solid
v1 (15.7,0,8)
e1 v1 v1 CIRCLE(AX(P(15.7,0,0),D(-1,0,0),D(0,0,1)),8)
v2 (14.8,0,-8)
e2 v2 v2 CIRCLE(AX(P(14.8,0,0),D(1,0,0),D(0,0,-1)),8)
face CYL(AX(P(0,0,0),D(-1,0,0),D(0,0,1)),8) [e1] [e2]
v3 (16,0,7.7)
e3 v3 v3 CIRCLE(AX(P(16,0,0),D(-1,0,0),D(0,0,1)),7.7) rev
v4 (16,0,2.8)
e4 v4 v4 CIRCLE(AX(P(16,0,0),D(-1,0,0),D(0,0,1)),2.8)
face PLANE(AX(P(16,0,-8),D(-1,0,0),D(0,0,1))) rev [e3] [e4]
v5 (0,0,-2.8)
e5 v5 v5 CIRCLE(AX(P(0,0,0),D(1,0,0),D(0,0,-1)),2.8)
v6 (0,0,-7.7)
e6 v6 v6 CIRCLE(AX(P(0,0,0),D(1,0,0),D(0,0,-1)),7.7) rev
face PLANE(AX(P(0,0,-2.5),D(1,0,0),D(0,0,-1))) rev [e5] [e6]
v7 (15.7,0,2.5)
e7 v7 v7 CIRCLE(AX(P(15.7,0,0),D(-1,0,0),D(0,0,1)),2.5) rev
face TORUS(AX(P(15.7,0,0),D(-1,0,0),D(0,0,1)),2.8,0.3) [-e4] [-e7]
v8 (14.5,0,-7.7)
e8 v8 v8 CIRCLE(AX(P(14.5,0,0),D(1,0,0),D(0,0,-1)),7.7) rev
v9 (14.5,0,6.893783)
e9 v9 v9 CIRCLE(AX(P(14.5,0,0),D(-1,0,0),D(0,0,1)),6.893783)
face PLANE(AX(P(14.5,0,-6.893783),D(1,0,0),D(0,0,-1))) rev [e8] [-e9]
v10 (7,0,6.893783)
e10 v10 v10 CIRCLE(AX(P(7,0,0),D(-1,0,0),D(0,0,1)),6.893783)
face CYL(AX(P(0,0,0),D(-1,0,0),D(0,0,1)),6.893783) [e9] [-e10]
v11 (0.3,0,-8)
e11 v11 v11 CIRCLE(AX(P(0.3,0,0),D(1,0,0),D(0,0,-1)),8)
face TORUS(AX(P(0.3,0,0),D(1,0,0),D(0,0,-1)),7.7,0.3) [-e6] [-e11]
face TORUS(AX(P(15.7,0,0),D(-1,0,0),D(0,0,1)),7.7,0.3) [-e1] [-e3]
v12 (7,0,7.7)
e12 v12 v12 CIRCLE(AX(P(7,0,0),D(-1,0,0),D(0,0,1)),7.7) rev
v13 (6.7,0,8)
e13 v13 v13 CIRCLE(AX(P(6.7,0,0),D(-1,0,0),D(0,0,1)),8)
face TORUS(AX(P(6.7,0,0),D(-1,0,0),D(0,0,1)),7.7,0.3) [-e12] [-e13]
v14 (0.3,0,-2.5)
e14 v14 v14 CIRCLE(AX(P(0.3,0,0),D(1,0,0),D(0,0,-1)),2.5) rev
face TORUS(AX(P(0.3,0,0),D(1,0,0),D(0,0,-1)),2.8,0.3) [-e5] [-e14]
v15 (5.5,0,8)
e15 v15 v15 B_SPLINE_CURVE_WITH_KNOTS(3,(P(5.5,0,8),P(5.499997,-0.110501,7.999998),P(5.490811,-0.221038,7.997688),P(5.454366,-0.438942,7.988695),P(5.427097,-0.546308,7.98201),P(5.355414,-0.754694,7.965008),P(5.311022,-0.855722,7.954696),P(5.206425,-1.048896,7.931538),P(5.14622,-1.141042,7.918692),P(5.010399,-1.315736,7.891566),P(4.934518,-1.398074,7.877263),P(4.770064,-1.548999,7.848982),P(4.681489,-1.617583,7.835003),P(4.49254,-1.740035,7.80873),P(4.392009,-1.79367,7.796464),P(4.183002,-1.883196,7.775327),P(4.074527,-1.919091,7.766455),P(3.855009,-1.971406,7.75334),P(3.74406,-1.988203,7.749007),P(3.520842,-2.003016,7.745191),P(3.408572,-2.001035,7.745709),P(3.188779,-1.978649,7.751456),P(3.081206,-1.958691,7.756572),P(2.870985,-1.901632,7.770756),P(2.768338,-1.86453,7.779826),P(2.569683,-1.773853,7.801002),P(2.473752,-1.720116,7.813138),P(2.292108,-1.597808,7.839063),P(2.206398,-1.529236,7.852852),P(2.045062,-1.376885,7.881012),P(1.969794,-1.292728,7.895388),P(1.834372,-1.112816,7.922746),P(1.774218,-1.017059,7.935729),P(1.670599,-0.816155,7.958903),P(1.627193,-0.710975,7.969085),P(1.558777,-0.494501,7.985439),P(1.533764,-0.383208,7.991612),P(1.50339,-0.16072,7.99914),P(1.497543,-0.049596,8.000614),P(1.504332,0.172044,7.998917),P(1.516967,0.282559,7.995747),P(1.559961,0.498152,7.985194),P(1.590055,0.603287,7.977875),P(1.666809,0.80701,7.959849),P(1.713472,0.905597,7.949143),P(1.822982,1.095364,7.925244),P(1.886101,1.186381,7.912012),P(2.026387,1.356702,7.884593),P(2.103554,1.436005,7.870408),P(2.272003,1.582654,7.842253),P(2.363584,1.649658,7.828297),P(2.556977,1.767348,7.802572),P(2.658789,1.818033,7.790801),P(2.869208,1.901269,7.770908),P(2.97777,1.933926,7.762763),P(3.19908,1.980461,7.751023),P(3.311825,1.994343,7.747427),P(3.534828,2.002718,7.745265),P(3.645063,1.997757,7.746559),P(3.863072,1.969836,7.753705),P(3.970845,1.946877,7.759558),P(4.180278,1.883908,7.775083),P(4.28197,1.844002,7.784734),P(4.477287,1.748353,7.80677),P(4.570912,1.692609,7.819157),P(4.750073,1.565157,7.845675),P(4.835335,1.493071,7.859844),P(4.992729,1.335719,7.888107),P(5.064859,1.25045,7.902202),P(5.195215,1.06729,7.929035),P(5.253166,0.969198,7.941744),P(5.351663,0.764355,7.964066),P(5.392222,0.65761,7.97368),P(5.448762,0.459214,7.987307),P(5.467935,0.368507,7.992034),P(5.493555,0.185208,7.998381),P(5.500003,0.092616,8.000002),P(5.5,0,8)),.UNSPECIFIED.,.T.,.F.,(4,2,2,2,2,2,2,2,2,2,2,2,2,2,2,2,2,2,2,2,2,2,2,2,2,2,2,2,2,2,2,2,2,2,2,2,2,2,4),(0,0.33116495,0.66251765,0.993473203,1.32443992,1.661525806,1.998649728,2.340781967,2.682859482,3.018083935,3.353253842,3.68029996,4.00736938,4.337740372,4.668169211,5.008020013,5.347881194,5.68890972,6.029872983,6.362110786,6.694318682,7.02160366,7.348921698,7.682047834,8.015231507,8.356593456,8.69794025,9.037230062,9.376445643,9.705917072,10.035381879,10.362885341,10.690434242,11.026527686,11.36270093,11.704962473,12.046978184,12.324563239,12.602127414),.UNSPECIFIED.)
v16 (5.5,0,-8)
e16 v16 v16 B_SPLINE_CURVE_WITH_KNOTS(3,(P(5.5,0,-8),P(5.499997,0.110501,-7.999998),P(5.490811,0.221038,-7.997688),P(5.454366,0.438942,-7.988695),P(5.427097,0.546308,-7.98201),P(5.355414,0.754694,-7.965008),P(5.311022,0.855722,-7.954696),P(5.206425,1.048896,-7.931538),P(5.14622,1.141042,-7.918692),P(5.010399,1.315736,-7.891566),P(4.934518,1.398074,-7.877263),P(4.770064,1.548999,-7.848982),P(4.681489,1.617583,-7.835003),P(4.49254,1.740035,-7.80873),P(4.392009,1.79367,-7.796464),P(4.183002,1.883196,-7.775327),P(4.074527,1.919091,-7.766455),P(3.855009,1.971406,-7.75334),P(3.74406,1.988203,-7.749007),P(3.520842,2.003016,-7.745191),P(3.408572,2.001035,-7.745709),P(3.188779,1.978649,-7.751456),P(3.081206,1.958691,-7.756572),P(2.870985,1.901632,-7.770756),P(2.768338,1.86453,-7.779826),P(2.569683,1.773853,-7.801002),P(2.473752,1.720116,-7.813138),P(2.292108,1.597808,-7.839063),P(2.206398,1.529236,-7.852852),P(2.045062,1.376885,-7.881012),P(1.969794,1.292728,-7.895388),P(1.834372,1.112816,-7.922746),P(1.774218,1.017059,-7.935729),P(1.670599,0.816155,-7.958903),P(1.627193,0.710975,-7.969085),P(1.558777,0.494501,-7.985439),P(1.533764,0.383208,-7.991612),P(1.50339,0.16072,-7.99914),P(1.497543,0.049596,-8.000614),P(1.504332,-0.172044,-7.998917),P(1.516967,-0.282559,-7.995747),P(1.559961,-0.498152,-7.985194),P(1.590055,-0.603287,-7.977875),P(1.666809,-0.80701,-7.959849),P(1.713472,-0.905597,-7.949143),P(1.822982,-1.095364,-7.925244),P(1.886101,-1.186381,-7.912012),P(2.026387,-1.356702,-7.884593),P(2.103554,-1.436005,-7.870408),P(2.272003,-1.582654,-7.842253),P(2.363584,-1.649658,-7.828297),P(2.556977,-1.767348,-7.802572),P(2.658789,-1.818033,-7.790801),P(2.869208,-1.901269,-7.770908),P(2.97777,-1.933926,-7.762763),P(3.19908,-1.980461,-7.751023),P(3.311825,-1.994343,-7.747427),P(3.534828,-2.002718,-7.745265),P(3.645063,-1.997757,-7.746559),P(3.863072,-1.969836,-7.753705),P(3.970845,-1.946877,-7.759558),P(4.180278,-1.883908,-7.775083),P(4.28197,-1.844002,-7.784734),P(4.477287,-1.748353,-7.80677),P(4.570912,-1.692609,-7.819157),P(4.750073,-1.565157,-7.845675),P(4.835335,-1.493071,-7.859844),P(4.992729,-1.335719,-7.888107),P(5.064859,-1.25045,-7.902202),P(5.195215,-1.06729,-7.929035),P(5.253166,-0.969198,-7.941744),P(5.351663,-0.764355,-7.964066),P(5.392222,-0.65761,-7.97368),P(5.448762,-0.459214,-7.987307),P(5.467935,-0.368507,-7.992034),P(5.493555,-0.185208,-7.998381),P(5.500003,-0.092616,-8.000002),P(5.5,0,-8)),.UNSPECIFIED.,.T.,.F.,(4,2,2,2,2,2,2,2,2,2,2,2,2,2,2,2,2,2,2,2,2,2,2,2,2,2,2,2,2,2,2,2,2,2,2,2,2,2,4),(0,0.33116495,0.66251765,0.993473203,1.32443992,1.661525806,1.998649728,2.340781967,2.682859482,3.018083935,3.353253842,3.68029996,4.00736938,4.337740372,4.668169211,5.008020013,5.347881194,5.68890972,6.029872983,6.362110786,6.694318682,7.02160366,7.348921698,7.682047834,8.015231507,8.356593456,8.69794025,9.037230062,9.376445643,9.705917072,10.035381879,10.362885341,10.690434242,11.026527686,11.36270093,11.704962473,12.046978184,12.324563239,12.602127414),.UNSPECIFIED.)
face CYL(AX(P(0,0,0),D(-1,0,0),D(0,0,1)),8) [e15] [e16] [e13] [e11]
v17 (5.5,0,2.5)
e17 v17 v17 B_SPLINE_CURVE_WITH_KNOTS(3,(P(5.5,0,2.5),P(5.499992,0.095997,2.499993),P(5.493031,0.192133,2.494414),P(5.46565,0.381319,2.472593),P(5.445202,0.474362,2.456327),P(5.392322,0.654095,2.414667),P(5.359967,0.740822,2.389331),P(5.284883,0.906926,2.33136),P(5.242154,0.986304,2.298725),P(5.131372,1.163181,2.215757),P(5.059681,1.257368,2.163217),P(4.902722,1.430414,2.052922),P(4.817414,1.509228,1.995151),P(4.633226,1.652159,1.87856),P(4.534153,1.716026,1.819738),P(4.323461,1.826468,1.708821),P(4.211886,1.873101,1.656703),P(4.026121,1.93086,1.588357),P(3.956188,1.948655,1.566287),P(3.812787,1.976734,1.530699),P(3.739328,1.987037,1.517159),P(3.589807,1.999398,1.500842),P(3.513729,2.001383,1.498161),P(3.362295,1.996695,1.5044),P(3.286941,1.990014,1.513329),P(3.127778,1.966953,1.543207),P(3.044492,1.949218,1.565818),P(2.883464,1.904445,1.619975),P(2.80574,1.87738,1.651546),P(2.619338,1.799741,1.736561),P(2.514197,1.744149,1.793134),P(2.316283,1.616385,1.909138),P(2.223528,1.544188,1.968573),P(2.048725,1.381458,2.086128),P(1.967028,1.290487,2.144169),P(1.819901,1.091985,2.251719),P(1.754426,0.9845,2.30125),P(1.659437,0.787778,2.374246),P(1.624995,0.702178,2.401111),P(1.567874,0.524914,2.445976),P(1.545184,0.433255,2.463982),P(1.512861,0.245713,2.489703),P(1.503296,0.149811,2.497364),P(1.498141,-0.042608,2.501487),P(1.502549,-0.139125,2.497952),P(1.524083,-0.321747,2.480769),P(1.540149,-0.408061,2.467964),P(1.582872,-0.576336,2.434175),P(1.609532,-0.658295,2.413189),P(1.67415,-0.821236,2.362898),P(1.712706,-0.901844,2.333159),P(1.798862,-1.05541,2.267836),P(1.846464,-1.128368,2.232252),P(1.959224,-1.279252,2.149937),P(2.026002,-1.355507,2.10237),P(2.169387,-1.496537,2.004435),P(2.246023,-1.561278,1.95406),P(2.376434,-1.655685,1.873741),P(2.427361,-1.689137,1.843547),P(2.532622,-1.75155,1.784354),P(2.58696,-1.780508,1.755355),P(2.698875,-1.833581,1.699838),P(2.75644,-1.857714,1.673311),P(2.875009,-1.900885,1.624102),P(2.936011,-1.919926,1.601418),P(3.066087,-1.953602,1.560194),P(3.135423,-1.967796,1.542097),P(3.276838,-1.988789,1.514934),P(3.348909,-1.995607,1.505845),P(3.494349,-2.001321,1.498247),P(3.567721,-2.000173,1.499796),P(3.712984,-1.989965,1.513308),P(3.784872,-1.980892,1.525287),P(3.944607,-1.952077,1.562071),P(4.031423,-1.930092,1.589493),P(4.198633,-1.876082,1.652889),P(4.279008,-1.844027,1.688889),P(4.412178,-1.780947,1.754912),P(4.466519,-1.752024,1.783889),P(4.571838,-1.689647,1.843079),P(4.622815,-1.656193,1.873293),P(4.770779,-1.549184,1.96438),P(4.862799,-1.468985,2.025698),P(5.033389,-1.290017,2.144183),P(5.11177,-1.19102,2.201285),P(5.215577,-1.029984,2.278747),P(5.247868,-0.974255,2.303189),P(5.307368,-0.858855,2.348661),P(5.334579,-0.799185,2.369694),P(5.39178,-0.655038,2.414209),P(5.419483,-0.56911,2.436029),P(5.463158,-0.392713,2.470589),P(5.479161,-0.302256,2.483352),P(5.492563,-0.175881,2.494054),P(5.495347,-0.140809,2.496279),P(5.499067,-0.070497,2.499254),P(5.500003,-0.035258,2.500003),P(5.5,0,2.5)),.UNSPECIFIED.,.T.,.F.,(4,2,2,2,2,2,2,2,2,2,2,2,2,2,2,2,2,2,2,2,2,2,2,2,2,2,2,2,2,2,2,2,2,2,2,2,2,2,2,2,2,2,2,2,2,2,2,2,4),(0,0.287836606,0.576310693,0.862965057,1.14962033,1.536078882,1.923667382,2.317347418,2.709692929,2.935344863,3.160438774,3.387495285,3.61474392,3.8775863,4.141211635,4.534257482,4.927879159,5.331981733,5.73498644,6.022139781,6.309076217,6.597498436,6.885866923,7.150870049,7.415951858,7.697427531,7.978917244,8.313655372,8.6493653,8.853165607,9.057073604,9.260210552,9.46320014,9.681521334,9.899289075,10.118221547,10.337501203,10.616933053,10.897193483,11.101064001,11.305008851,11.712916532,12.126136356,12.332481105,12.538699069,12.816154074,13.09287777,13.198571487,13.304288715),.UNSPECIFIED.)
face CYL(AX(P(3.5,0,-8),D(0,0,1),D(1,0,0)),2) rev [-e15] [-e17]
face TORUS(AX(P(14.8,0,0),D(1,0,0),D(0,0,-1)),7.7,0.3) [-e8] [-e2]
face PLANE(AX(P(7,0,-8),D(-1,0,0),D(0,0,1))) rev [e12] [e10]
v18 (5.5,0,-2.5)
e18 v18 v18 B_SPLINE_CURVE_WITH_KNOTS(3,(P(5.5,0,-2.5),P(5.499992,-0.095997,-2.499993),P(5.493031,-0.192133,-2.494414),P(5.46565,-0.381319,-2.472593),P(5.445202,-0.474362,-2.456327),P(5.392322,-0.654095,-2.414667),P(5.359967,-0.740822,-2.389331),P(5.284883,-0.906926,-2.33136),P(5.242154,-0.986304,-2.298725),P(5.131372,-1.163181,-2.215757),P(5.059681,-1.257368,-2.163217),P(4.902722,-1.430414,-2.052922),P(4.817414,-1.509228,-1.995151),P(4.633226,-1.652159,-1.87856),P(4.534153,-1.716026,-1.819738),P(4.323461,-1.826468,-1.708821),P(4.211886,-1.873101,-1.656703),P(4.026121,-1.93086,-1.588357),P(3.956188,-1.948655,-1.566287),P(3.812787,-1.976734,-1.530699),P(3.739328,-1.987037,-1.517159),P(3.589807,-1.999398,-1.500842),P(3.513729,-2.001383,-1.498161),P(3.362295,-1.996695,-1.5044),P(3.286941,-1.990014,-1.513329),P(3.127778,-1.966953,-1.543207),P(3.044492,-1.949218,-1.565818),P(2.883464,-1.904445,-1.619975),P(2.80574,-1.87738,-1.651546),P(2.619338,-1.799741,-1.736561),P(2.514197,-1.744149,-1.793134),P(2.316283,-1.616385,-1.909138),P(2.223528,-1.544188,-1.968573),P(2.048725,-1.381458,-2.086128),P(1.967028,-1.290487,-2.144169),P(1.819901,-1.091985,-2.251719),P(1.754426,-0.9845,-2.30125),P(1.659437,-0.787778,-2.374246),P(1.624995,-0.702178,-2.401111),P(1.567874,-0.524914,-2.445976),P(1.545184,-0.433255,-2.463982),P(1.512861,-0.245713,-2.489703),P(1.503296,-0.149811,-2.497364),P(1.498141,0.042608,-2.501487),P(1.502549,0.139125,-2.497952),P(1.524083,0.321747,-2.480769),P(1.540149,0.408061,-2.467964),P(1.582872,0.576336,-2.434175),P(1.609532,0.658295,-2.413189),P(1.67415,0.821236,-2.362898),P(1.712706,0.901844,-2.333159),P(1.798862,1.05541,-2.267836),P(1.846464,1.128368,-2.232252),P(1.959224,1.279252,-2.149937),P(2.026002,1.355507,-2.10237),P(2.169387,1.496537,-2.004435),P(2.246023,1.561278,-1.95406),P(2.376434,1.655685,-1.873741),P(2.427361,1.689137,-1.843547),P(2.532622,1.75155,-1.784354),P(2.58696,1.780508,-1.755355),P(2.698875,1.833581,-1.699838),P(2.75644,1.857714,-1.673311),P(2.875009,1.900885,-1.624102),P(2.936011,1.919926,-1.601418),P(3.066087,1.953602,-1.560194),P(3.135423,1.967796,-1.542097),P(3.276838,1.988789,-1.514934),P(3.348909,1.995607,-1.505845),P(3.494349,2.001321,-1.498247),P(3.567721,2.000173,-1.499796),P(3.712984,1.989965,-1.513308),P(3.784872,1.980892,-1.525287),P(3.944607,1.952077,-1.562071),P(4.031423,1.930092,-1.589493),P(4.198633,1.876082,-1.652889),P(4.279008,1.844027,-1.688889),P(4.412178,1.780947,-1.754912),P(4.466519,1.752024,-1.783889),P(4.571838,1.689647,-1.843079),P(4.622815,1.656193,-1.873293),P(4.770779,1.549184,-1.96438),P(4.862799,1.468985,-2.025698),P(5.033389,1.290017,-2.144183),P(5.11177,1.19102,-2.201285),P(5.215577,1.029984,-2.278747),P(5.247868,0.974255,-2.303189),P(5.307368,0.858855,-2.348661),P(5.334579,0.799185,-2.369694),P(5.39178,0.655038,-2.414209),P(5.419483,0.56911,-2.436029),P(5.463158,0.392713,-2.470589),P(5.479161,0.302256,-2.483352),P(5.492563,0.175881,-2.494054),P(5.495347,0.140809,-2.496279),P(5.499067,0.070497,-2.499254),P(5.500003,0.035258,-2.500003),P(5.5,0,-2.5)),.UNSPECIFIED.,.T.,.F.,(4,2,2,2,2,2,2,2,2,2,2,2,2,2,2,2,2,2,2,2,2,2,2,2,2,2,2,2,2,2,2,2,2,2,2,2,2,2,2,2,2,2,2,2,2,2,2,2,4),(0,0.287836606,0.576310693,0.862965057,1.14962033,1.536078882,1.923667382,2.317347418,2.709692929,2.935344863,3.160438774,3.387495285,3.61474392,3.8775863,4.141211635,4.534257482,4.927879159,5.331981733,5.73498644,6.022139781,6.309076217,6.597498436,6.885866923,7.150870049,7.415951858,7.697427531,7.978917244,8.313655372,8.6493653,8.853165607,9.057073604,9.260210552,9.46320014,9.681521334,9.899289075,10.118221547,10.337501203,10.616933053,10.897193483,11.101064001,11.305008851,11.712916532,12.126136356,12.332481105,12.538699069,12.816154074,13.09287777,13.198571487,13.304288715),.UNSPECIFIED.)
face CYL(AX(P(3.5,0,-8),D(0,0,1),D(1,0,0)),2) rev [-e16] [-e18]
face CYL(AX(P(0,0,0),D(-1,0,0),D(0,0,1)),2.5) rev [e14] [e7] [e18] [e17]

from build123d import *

# Parameters (mm, degrees)
FILLET1_R               = 0.3
SKETCH2_R               = 2
CUT_EXTRUDE1_DEPTH      = 9.0000001
CUT_EXTRUDE1_DEPTH_BACK = 9


with BuildPart() as part:
    # Sketch1 → Revolve1 (revolve)
    with BuildSketch(Plane(origin=(0, 0, 0), x_dir=(1, 0, 0), z_dir=(0, 1, 0))):
        Polygon((0, 2.5), (0, 8), (7, 8), (7, 6.89378315), (14.5, 6.89378315), (14.5, 8), (16, 8), (16, 2.5), align=None)
    revolve(axis=Axis((0, 0, 0), (1, 0, 0)))

    # Fillet1
    fillet1_edges = [part.edges().sort_by_distance(p)[0] for p in [
        (0, 0, 2.5),
        (16, 0, 2.5),
        (16, 0, 8),
        (14.5, 0, 8),
        (7, 0, 8),
        (0, 0, 8),
    ]]
    fillet(fillet1_edges, radius=FILLET1_R)

    # Sketch2 → Cut-Extrude1 (cut, two sides)
    with BuildSketch(Plane.XY) as cut_extrude1_sk:
        with Locations((3.5, 0)):
            Circle(SKETCH2_R)
    extrude(amount=CUT_EXTRUDE1_DEPTH, mode=Mode.SUBTRACT)
    extrude(cut_extrude1_sk.sketch, amount=-CUT_EXTRUDE1_DEPTH_BACK, mode=Mode.SUBTRACT)


solid = part.part
